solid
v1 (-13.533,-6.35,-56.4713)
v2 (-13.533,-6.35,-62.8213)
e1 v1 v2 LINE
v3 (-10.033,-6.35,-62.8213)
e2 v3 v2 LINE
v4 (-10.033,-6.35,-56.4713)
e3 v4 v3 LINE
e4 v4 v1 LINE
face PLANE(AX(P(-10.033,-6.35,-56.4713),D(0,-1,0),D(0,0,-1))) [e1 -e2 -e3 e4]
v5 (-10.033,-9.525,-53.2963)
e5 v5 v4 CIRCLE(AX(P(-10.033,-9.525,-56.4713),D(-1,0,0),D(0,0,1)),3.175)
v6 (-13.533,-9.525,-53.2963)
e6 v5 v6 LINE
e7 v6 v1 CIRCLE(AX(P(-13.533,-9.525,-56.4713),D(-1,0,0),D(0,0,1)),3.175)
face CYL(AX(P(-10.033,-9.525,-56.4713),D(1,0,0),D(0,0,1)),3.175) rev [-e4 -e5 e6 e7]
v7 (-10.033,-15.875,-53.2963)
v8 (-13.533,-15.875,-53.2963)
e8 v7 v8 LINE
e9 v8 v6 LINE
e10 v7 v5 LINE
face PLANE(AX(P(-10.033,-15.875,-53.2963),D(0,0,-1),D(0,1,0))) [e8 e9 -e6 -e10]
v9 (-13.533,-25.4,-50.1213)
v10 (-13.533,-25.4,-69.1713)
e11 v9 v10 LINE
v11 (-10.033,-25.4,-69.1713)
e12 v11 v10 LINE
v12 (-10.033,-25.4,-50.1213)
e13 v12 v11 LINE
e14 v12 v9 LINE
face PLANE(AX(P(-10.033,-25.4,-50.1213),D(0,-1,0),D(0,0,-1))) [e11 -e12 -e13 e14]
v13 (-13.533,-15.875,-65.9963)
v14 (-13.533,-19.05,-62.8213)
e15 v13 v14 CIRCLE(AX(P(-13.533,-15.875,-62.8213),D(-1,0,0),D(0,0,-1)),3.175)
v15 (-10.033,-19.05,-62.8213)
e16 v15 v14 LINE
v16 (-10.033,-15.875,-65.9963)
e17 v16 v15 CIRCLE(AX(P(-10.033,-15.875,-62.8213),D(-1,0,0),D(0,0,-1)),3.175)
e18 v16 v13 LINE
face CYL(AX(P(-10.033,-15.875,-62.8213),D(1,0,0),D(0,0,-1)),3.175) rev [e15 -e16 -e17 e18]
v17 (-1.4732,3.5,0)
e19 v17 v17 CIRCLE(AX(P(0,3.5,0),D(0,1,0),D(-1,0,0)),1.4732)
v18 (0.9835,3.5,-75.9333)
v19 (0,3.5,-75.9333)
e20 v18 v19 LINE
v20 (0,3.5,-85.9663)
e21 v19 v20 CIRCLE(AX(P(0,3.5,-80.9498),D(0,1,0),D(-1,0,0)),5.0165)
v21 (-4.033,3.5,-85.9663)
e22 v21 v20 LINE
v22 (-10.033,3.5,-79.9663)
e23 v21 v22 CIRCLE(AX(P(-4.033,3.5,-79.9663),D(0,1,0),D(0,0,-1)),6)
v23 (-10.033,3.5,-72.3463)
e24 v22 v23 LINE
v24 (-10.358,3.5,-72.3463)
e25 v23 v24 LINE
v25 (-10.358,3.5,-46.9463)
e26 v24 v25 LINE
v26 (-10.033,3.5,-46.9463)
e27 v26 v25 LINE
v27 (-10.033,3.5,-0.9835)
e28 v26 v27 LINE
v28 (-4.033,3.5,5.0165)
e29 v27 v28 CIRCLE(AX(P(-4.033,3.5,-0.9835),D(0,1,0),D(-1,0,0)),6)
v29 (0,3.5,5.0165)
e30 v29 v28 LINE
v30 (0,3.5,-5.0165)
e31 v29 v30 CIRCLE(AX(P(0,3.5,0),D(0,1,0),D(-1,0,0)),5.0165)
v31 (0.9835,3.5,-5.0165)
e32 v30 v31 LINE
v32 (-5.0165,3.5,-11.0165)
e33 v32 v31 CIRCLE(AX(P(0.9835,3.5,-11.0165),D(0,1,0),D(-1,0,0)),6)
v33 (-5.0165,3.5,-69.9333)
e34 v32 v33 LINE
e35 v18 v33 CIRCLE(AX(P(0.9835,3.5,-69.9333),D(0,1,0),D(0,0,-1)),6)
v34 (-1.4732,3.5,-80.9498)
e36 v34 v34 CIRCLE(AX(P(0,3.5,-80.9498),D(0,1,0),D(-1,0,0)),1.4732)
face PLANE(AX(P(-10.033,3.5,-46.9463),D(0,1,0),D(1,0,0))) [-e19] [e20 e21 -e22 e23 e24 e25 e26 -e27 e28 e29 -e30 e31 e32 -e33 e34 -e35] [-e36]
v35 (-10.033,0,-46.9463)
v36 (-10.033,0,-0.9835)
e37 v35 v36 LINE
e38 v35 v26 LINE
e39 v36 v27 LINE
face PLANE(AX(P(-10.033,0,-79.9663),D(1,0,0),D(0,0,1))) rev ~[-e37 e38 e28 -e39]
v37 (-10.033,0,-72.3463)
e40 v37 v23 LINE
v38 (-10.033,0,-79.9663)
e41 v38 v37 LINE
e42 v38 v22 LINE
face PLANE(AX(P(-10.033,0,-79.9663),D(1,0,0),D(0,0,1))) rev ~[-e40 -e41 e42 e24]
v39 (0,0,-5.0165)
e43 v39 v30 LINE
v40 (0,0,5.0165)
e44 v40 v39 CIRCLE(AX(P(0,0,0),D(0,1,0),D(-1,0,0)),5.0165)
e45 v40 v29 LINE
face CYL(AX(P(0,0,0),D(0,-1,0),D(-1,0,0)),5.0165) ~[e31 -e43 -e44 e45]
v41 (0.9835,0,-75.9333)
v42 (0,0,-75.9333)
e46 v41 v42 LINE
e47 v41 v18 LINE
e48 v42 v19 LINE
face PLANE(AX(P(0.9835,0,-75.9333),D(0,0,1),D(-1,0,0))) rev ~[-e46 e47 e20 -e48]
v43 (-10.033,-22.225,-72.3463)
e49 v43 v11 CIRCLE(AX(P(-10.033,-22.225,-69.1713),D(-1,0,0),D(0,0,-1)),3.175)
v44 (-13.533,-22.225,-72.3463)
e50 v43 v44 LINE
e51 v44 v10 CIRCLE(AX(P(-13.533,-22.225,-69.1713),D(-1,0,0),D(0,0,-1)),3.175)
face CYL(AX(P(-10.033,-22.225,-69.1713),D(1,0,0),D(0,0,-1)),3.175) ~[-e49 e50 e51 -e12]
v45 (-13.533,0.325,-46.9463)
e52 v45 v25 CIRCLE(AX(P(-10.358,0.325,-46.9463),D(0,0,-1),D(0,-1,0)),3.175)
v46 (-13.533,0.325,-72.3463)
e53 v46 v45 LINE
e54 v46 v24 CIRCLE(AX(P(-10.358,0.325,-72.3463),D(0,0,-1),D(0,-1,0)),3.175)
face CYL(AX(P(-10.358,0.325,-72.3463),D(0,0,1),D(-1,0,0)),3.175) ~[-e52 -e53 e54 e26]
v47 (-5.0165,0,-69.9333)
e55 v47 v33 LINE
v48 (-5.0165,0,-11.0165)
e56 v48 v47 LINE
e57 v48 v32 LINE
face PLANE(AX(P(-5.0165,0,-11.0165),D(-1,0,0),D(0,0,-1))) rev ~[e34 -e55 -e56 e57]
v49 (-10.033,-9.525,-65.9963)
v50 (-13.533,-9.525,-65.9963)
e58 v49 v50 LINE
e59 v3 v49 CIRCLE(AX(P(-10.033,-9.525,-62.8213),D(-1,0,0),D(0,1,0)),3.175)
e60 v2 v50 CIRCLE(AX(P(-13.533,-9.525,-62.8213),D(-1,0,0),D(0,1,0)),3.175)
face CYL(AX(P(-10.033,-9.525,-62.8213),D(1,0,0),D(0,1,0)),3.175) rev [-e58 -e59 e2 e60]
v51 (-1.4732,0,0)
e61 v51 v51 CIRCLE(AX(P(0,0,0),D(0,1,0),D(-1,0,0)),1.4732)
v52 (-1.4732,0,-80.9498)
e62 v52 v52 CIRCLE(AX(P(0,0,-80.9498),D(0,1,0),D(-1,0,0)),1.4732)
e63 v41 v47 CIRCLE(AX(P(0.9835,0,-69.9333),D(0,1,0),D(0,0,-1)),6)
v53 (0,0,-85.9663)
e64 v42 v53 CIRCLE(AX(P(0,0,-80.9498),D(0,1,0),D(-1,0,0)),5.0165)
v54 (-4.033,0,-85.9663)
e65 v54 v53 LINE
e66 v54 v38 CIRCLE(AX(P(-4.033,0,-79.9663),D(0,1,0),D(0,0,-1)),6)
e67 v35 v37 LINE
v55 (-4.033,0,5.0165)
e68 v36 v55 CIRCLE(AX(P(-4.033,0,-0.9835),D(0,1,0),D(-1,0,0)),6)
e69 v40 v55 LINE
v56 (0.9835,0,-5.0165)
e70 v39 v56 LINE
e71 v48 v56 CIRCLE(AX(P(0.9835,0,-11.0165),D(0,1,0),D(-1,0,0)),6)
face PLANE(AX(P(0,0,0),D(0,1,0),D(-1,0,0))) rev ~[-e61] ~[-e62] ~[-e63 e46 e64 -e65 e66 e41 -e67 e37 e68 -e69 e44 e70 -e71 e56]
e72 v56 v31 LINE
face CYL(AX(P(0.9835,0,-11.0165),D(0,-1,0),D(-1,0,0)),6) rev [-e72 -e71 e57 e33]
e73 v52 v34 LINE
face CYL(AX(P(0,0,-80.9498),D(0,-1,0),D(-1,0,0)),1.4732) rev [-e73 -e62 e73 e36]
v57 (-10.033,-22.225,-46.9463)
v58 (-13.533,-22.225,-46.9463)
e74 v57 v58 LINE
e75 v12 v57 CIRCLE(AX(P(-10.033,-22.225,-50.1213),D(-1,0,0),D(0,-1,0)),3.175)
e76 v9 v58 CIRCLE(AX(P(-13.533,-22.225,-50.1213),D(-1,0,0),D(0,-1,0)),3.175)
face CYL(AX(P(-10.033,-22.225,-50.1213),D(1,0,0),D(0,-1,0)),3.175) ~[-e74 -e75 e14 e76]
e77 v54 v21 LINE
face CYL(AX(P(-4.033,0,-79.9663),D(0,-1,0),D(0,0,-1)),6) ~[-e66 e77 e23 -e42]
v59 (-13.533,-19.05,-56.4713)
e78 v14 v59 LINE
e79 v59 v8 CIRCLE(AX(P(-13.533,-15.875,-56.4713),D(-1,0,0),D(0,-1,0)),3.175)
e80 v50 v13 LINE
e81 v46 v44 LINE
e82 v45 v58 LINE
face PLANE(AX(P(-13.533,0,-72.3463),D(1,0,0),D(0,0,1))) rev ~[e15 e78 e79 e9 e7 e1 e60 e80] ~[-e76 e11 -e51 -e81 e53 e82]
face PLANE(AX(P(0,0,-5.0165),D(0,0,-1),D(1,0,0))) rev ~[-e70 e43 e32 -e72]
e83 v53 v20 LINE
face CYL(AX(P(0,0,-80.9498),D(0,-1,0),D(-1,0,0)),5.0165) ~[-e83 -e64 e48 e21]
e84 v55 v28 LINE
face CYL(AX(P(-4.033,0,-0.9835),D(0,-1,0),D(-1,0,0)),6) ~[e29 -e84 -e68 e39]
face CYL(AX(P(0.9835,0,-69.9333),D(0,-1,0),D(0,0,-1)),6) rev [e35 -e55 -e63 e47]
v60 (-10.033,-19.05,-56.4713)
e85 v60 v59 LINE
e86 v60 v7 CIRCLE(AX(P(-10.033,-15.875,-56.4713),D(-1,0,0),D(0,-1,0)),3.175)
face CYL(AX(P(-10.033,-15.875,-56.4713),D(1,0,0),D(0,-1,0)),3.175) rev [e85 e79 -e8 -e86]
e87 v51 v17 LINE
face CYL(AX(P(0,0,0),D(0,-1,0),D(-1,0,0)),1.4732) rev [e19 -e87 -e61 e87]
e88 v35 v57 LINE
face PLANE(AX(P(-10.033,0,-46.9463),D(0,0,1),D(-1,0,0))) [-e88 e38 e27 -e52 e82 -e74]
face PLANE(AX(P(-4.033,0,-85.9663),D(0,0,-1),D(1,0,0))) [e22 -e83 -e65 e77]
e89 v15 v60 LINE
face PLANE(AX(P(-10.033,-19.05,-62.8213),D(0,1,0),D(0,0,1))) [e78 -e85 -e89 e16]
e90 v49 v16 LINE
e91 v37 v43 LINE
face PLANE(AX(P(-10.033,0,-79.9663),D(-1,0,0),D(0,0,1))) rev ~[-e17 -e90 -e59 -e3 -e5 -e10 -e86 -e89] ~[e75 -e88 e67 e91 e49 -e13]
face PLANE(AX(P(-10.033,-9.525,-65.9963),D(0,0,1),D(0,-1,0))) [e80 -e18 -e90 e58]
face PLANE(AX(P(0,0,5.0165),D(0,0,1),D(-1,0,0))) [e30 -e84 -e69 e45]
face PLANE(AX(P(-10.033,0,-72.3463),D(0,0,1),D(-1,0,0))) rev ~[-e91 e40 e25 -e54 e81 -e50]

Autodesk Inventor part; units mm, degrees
ref_plane "YZ Plane" through (0, 0, 0) normal (1, 0, 0) x (0, 1, 0)
ref_plane "XZ Plane" through (0, 0, 0) normal (0, 1, 0) x (-1, 0, 0)
ref_plane "XY Plane" through (0, 0, 0) normal (0, 0, 1) x (1, 0, 0)
sketch "Sketch1" plane through (0, 0, 0) normal (0, 1, 0) x (-1, 0, 0)
  circle A0 centre (0, 0) radius 1.4732
  circle A1 centre (0, -80.9498) radius 1.4732
  circle A2 centre (0, 0) radius 5.0165
  circle A3 centre (0, -80.9498) radius 5.0165
  line L0 (0, 5.0165) -> (4.033, 5.0165)
  line L1 (4.033, -85.9663) -> (0, -85.9663)
  line L2 (10.033, -79.9663) -> (10.033, -0.9835)
  line L3 (0, -5.0165) -> (-0.9835, -5.0165)
  line L4 (5.0165, -11.0165) -> (5.0165, -69.9333)
  line L5 (-0.9835, -75.9333) -> (0, -75.9333)
  arc A4 (10.033, -0.9835) -> (4.033, 5.0165) centre (4.033, -0.9835) ccw
  arc A5 (4.033, -85.9663) -> (10.033, -79.9663) centre (4.033, -79.9663) ccw
  arc A6 (5.0165, -11.0165) -> (-0.9835, -5.0165) centre (-0.9835, -11.0165) ccw
  arc A7 (-0.9835, -75.9333) -> (5.0165, -69.9333) centre (-0.9835, -69.9333) ccw
  point P0 (10.033, 5.0165)
  dimension "d0" = 2.9464
  dimension "d2" = 2.9464
  dimension "d3" = 10.033
  dimension "d4" = 10.033
  dimension "d7" = 80.9498
  dimension "d8" = 10.033
  dimension "d9" = 6
  dimension "d10" = 6
  dimension "d11" = 6
  dimension "d12" = 6
extrude "Extrusion1" add sketch "Sketch1" along normal blind 3.5
sketch "Sketch2" plane through (-10.033, 0, -79.9663) normal (-1, 0, 0) x (0, 0, 1)
  line L0 (0, 0) -> (0, 3.5) projected
  line L1 (0, 0) -> (7.62, 0)
  line L2 (0, 0) -> (78.9828, 0) projected
  line L3 (7.62, 0) -> (7.62, -22.225)
  line L4 (7.62, 0) -> (33.02, 0)
  line L5 (68.9498, 0) -> (10.033, 0) projected
  line L6 (33.02, 0) -> (33.02, -22.225)
  line L7 (29.845, -25.4) -> (10.795, -25.4)
  line L8 (7.62, 0) -> (19.2419, 0) construction
  line L9 (33.02, 0) -> (44.6419, 0) construction
  line L10 (23.495, -6.35) -> (17.145, -6.35)
  line L11 (17.145, -19.05) -> (23.495, -19.05)
  line L12 (26.67, -15.875) -> (26.67, -9.525)
  line L13 (13.97, -9.525) -> (13.97, -15.875)
  arc A0 (17.145, -6.35) -> (13.97, -9.525) centre (17.145, -9.525) ccw
  arc A1 (26.67, -9.525) -> (23.495, -6.35) centre (23.495, -9.525) ccw
  arc A2 (23.495, -19.05) -> (26.67, -15.875) centre (23.495, -15.875) ccw
  arc A3 (13.97, -15.875) -> (17.145, -19.05) centre (17.145, -15.875) ccw
  arc A4 (7.62, -22.225) -> (10.795, -25.4) centre (10.795, -22.225) ccw
  arc A5 (29.845, -25.4) -> (33.02, -22.225) centre (29.845, -22.225) ccw
  line L14 (78.9828, 0) -> (78.9828, 3.5) projected
  point P0 (79.9663, 0)
  point P1 (7.62, -25.4)
  point P2 (13.97, -6.35)
  point P3 (33.02, 0)
  point P4 (78.9828, 1.75)
  dimension "d15" = 7.62
  dimension "d16" = 25.4
  dimension "d17" = 25.4
  dimension "d19" = 6.35
  dimension "d22" = 3.175
  dimension "d23" = 3.175
  dimension "d24" = 3.175
  dimension "d25" = 3.175
  dimension "d26" = 3.175
  dimension "d27" = 3.175
  dimension "d33" = 78.9828
extrude "Extrusion2" add sketch "Sketch2" along normal blind 3.5
sketch "Sketch4" plane through (-10.033, 0, -46.9463) normal (0, 1, 0) x (1, 0, 0)
  line L0 (0, 25.4) -> (-3.5, 25.4) projected
  line L1 (0, 25.4) -> (-3.5, 25.4)
  line L2 (0, 0) -> (-3.5, 0) projected
  line L3 (-3.5, 25.4) -> (-3.5, 0)
  line L4 (-3.5, 0) -> (0, 0)
  line L5 (0, 0) -> (0, 25.4)
  point P0 (10.033, -46.9463)
extrude "Extrusion3" add sketch "Sketch4" along normal blind 3.5
fillet "Fillet1" radius 3.175 1 edges at (-13.533, 3.5, -59.6463)
properties part number "sidemount1_3DPrint"
